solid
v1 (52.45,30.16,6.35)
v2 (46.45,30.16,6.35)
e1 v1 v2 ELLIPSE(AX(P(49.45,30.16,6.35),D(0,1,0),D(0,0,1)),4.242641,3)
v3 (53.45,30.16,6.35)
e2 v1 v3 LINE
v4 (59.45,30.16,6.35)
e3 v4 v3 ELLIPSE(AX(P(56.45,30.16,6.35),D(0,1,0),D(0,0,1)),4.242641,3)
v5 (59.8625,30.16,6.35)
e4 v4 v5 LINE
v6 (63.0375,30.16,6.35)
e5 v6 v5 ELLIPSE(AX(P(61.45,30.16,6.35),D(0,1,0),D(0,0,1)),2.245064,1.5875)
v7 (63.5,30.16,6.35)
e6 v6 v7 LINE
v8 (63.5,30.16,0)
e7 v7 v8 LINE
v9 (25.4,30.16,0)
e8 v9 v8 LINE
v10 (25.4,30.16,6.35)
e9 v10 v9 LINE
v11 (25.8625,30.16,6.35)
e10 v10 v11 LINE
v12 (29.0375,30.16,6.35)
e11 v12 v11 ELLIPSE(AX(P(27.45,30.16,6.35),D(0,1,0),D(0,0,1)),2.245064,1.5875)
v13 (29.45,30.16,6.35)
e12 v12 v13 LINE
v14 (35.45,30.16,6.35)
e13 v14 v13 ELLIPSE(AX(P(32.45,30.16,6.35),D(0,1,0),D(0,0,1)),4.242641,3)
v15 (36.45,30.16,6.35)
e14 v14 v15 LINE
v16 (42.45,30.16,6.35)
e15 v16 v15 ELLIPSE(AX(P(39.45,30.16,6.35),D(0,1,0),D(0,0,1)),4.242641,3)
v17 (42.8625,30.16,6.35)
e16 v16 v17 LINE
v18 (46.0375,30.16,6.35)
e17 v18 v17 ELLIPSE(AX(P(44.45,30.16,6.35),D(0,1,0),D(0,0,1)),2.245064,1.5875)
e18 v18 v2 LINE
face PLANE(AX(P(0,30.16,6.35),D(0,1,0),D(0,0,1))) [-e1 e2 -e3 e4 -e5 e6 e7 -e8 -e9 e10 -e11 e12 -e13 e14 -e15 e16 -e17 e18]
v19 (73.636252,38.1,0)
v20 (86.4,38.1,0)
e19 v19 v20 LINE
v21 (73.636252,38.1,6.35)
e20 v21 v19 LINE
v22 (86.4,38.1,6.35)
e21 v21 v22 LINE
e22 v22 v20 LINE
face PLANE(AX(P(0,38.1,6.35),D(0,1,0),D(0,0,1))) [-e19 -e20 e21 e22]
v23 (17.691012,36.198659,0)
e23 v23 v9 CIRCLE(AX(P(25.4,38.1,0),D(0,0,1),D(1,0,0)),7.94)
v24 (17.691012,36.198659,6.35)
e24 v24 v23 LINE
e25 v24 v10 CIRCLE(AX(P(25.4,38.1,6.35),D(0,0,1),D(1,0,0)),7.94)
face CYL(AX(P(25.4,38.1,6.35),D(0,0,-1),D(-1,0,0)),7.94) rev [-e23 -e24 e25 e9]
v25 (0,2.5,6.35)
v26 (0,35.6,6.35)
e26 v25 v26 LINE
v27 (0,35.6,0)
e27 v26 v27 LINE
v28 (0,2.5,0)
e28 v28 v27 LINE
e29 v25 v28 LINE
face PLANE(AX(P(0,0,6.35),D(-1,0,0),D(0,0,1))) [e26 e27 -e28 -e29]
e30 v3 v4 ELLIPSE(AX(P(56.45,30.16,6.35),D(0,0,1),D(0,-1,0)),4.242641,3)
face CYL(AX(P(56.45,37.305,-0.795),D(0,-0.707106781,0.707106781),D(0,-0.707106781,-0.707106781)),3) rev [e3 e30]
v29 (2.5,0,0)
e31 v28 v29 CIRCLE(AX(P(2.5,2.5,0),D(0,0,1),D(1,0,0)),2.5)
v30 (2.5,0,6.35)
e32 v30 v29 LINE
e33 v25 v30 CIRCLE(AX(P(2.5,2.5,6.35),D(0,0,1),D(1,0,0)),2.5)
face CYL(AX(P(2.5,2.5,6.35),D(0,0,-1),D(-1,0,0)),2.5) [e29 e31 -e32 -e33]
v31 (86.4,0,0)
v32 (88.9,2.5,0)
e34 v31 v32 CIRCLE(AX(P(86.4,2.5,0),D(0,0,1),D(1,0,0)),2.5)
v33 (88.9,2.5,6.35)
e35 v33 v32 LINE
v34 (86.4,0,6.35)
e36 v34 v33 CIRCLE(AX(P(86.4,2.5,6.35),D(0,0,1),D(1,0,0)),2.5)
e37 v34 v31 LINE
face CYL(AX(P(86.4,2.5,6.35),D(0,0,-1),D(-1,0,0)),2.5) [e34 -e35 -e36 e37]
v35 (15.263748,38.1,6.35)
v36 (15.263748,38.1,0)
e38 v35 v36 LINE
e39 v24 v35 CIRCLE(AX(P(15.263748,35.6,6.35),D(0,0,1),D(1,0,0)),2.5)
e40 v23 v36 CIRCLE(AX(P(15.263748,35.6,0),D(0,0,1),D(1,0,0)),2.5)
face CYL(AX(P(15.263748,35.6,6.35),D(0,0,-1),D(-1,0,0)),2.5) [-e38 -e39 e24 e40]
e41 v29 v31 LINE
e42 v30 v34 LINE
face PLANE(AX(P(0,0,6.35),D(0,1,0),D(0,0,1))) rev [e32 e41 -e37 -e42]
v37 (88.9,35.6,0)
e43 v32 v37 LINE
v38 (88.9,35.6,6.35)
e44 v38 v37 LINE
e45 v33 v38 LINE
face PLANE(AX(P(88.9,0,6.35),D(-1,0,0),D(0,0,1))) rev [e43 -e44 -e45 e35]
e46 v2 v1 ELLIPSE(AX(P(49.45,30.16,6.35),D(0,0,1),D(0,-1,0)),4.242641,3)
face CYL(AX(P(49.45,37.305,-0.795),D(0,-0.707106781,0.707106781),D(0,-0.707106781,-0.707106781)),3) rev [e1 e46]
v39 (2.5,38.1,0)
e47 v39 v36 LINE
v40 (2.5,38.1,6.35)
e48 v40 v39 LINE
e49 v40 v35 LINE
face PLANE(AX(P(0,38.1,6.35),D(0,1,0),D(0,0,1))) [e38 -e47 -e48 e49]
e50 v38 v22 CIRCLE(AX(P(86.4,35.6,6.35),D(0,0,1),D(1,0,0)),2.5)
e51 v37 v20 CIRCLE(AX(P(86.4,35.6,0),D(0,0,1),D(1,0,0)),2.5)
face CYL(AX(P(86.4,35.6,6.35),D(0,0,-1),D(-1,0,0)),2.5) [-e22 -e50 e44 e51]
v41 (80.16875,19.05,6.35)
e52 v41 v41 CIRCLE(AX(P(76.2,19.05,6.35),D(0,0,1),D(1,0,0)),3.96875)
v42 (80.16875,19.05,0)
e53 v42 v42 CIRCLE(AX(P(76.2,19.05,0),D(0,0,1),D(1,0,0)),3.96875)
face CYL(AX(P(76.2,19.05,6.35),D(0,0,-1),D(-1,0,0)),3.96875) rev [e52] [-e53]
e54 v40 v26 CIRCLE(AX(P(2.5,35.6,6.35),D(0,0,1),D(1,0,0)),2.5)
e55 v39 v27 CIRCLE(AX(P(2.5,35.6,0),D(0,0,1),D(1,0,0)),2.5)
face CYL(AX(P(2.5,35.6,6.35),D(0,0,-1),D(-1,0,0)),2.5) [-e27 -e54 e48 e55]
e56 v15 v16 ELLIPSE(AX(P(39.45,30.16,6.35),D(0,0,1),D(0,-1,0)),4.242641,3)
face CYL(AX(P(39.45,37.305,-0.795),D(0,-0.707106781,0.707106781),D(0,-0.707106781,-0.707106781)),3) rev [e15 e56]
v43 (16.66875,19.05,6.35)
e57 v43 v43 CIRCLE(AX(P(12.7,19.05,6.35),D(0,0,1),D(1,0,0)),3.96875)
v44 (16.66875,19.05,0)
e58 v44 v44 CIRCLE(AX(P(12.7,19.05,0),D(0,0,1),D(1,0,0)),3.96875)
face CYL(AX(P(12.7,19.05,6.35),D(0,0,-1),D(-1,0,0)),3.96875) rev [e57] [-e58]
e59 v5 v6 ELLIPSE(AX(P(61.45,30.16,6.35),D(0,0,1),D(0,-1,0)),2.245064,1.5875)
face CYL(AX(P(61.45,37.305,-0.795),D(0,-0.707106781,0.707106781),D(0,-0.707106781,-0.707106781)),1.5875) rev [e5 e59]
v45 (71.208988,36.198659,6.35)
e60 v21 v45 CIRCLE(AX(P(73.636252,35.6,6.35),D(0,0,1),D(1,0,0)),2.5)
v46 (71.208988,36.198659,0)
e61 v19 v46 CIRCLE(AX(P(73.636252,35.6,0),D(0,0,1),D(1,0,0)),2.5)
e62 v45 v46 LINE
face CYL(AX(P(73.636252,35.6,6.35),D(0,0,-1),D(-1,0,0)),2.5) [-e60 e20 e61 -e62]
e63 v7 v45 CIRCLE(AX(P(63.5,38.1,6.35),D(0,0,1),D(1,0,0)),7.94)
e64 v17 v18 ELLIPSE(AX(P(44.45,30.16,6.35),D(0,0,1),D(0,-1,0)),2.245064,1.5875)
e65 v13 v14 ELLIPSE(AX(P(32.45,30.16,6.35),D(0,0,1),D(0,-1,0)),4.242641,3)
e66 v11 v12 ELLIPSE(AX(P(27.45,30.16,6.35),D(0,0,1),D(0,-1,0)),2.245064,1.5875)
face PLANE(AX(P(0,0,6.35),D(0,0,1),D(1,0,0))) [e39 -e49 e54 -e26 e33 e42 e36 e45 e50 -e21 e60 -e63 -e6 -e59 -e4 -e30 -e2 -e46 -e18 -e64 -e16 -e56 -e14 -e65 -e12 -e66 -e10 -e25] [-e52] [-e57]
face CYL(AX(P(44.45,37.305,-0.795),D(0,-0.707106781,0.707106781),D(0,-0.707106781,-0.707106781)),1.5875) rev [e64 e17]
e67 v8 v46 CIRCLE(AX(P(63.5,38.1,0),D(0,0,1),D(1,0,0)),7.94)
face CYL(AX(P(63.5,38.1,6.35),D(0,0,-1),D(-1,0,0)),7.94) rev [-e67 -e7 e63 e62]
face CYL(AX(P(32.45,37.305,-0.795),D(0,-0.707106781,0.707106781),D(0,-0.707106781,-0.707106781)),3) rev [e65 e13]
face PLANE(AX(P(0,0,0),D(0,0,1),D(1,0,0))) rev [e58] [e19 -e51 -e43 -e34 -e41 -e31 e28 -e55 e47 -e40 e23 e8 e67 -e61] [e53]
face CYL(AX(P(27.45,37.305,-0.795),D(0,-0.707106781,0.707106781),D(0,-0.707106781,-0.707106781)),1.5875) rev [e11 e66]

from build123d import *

# Parameters (mm, degrees)
SKETCH1_R               = 3.96875
BOSS_EXTRUDE1_DEPTH     = 6.35
SKETCH2_R               = 3
SKETCH2_R_2             = 1.5875
CUT_EXTRUDE1_DEPTH      = 22.326340521
CUT_EXTRUDE1_DEPTH_BACK = 11.104555903


with BuildPart() as part:
    # Sketch1 → Boss-Extrude1 (new body)
    with BuildSketch(Plane.XY):
        with BuildLine():
            ThreePointArc((17.691011583, 36.198659004), (20.503728332, 31.849390129), (25.4, 30.16))
            Line((25.4, 30.16), (63.5, 30.16))
            ThreePointArc((63.5, 30.16), (68.396271668, 31.849390129), (71.208988417, 36.198659004))
            ThreePointArc((71.208988417, 36.198659004), (72.094604522, 37.568076156), (73.636251773, 38.1))
            Line((73.636251773, 38.1), (86.4, 38.1))
            ThreePointArc((86.4, 38.1), (88.167766953, 37.367766953), (88.9, 35.6))
            Line((88.9, 35.6), (88.9, 2.5))
            ThreePointArc((88.9, 2.5), (88.167766953, 0.732233047), (86.4, 0))
            Line((86.4, 0), (2.5, 0))
            ThreePointArc((2.5, 0), (0.732233047, 0.732233047), (0, 2.5))
            Line((0, 2.5), (0, 35.6))
            ThreePointArc((0, 35.6), (0.732233047, 37.367766953), (2.5, 38.1))
            Line((2.5, 38.1), (15.263748227, 38.1))
            ThreePointArc((15.263748227, 38.1), (16.805395478, 37.568076156), (17.691011583, 36.198659004))
        make_face()
        with Locations((12.7, 19.05)):
            Circle(SKETCH1_R, mode=Mode.SUBTRACT)
        with Locations((76.2, 19.05)):
            Circle(SKETCH1_R, mode=Mode.SUBTRACT)
    extrude(amount=BOSS_EXTRUDE1_DEPTH)

    # Sketch2 → Cut-Extrude1 (cut, two sides)
    with BuildSketch(Plane(origin=(0, 11.905, -11.905), x_dir=(1, 0, 0), z_dir=(0, -0.707106781, 0.707106781))) as cut_extrude1_sk:
        with Locations((49.45, 25.816468581)):
            Circle(SKETCH2_R)
        with Locations((39.45, 25.816468581)):
            Circle(SKETCH2_R)
        with Locations((32.45, 25.816468581)):
            Circle(SKETCH2_R)
        with Locations((56.45, 25.816468581)):
            Circle(SKETCH2_R)
        with Locations((61.45, 25.816468581)):
            Circle(SKETCH2_R_2)
        with Locations((27.45, 25.816468581)):
            Circle(SKETCH2_R_2)
        with Locations((44.45, 25.816468581)):
            Circle(SKETCH2_R_2)
    extrude(amount=CUT_EXTRUDE1_DEPTH, mode=Mode.SUBTRACT)
    extrude(cut_extrude1_sk.sketch, amount=-CUT_EXTRUDE1_DEPTH_BACK, mode=Mode.SUBTRACT)


solid = part.part
